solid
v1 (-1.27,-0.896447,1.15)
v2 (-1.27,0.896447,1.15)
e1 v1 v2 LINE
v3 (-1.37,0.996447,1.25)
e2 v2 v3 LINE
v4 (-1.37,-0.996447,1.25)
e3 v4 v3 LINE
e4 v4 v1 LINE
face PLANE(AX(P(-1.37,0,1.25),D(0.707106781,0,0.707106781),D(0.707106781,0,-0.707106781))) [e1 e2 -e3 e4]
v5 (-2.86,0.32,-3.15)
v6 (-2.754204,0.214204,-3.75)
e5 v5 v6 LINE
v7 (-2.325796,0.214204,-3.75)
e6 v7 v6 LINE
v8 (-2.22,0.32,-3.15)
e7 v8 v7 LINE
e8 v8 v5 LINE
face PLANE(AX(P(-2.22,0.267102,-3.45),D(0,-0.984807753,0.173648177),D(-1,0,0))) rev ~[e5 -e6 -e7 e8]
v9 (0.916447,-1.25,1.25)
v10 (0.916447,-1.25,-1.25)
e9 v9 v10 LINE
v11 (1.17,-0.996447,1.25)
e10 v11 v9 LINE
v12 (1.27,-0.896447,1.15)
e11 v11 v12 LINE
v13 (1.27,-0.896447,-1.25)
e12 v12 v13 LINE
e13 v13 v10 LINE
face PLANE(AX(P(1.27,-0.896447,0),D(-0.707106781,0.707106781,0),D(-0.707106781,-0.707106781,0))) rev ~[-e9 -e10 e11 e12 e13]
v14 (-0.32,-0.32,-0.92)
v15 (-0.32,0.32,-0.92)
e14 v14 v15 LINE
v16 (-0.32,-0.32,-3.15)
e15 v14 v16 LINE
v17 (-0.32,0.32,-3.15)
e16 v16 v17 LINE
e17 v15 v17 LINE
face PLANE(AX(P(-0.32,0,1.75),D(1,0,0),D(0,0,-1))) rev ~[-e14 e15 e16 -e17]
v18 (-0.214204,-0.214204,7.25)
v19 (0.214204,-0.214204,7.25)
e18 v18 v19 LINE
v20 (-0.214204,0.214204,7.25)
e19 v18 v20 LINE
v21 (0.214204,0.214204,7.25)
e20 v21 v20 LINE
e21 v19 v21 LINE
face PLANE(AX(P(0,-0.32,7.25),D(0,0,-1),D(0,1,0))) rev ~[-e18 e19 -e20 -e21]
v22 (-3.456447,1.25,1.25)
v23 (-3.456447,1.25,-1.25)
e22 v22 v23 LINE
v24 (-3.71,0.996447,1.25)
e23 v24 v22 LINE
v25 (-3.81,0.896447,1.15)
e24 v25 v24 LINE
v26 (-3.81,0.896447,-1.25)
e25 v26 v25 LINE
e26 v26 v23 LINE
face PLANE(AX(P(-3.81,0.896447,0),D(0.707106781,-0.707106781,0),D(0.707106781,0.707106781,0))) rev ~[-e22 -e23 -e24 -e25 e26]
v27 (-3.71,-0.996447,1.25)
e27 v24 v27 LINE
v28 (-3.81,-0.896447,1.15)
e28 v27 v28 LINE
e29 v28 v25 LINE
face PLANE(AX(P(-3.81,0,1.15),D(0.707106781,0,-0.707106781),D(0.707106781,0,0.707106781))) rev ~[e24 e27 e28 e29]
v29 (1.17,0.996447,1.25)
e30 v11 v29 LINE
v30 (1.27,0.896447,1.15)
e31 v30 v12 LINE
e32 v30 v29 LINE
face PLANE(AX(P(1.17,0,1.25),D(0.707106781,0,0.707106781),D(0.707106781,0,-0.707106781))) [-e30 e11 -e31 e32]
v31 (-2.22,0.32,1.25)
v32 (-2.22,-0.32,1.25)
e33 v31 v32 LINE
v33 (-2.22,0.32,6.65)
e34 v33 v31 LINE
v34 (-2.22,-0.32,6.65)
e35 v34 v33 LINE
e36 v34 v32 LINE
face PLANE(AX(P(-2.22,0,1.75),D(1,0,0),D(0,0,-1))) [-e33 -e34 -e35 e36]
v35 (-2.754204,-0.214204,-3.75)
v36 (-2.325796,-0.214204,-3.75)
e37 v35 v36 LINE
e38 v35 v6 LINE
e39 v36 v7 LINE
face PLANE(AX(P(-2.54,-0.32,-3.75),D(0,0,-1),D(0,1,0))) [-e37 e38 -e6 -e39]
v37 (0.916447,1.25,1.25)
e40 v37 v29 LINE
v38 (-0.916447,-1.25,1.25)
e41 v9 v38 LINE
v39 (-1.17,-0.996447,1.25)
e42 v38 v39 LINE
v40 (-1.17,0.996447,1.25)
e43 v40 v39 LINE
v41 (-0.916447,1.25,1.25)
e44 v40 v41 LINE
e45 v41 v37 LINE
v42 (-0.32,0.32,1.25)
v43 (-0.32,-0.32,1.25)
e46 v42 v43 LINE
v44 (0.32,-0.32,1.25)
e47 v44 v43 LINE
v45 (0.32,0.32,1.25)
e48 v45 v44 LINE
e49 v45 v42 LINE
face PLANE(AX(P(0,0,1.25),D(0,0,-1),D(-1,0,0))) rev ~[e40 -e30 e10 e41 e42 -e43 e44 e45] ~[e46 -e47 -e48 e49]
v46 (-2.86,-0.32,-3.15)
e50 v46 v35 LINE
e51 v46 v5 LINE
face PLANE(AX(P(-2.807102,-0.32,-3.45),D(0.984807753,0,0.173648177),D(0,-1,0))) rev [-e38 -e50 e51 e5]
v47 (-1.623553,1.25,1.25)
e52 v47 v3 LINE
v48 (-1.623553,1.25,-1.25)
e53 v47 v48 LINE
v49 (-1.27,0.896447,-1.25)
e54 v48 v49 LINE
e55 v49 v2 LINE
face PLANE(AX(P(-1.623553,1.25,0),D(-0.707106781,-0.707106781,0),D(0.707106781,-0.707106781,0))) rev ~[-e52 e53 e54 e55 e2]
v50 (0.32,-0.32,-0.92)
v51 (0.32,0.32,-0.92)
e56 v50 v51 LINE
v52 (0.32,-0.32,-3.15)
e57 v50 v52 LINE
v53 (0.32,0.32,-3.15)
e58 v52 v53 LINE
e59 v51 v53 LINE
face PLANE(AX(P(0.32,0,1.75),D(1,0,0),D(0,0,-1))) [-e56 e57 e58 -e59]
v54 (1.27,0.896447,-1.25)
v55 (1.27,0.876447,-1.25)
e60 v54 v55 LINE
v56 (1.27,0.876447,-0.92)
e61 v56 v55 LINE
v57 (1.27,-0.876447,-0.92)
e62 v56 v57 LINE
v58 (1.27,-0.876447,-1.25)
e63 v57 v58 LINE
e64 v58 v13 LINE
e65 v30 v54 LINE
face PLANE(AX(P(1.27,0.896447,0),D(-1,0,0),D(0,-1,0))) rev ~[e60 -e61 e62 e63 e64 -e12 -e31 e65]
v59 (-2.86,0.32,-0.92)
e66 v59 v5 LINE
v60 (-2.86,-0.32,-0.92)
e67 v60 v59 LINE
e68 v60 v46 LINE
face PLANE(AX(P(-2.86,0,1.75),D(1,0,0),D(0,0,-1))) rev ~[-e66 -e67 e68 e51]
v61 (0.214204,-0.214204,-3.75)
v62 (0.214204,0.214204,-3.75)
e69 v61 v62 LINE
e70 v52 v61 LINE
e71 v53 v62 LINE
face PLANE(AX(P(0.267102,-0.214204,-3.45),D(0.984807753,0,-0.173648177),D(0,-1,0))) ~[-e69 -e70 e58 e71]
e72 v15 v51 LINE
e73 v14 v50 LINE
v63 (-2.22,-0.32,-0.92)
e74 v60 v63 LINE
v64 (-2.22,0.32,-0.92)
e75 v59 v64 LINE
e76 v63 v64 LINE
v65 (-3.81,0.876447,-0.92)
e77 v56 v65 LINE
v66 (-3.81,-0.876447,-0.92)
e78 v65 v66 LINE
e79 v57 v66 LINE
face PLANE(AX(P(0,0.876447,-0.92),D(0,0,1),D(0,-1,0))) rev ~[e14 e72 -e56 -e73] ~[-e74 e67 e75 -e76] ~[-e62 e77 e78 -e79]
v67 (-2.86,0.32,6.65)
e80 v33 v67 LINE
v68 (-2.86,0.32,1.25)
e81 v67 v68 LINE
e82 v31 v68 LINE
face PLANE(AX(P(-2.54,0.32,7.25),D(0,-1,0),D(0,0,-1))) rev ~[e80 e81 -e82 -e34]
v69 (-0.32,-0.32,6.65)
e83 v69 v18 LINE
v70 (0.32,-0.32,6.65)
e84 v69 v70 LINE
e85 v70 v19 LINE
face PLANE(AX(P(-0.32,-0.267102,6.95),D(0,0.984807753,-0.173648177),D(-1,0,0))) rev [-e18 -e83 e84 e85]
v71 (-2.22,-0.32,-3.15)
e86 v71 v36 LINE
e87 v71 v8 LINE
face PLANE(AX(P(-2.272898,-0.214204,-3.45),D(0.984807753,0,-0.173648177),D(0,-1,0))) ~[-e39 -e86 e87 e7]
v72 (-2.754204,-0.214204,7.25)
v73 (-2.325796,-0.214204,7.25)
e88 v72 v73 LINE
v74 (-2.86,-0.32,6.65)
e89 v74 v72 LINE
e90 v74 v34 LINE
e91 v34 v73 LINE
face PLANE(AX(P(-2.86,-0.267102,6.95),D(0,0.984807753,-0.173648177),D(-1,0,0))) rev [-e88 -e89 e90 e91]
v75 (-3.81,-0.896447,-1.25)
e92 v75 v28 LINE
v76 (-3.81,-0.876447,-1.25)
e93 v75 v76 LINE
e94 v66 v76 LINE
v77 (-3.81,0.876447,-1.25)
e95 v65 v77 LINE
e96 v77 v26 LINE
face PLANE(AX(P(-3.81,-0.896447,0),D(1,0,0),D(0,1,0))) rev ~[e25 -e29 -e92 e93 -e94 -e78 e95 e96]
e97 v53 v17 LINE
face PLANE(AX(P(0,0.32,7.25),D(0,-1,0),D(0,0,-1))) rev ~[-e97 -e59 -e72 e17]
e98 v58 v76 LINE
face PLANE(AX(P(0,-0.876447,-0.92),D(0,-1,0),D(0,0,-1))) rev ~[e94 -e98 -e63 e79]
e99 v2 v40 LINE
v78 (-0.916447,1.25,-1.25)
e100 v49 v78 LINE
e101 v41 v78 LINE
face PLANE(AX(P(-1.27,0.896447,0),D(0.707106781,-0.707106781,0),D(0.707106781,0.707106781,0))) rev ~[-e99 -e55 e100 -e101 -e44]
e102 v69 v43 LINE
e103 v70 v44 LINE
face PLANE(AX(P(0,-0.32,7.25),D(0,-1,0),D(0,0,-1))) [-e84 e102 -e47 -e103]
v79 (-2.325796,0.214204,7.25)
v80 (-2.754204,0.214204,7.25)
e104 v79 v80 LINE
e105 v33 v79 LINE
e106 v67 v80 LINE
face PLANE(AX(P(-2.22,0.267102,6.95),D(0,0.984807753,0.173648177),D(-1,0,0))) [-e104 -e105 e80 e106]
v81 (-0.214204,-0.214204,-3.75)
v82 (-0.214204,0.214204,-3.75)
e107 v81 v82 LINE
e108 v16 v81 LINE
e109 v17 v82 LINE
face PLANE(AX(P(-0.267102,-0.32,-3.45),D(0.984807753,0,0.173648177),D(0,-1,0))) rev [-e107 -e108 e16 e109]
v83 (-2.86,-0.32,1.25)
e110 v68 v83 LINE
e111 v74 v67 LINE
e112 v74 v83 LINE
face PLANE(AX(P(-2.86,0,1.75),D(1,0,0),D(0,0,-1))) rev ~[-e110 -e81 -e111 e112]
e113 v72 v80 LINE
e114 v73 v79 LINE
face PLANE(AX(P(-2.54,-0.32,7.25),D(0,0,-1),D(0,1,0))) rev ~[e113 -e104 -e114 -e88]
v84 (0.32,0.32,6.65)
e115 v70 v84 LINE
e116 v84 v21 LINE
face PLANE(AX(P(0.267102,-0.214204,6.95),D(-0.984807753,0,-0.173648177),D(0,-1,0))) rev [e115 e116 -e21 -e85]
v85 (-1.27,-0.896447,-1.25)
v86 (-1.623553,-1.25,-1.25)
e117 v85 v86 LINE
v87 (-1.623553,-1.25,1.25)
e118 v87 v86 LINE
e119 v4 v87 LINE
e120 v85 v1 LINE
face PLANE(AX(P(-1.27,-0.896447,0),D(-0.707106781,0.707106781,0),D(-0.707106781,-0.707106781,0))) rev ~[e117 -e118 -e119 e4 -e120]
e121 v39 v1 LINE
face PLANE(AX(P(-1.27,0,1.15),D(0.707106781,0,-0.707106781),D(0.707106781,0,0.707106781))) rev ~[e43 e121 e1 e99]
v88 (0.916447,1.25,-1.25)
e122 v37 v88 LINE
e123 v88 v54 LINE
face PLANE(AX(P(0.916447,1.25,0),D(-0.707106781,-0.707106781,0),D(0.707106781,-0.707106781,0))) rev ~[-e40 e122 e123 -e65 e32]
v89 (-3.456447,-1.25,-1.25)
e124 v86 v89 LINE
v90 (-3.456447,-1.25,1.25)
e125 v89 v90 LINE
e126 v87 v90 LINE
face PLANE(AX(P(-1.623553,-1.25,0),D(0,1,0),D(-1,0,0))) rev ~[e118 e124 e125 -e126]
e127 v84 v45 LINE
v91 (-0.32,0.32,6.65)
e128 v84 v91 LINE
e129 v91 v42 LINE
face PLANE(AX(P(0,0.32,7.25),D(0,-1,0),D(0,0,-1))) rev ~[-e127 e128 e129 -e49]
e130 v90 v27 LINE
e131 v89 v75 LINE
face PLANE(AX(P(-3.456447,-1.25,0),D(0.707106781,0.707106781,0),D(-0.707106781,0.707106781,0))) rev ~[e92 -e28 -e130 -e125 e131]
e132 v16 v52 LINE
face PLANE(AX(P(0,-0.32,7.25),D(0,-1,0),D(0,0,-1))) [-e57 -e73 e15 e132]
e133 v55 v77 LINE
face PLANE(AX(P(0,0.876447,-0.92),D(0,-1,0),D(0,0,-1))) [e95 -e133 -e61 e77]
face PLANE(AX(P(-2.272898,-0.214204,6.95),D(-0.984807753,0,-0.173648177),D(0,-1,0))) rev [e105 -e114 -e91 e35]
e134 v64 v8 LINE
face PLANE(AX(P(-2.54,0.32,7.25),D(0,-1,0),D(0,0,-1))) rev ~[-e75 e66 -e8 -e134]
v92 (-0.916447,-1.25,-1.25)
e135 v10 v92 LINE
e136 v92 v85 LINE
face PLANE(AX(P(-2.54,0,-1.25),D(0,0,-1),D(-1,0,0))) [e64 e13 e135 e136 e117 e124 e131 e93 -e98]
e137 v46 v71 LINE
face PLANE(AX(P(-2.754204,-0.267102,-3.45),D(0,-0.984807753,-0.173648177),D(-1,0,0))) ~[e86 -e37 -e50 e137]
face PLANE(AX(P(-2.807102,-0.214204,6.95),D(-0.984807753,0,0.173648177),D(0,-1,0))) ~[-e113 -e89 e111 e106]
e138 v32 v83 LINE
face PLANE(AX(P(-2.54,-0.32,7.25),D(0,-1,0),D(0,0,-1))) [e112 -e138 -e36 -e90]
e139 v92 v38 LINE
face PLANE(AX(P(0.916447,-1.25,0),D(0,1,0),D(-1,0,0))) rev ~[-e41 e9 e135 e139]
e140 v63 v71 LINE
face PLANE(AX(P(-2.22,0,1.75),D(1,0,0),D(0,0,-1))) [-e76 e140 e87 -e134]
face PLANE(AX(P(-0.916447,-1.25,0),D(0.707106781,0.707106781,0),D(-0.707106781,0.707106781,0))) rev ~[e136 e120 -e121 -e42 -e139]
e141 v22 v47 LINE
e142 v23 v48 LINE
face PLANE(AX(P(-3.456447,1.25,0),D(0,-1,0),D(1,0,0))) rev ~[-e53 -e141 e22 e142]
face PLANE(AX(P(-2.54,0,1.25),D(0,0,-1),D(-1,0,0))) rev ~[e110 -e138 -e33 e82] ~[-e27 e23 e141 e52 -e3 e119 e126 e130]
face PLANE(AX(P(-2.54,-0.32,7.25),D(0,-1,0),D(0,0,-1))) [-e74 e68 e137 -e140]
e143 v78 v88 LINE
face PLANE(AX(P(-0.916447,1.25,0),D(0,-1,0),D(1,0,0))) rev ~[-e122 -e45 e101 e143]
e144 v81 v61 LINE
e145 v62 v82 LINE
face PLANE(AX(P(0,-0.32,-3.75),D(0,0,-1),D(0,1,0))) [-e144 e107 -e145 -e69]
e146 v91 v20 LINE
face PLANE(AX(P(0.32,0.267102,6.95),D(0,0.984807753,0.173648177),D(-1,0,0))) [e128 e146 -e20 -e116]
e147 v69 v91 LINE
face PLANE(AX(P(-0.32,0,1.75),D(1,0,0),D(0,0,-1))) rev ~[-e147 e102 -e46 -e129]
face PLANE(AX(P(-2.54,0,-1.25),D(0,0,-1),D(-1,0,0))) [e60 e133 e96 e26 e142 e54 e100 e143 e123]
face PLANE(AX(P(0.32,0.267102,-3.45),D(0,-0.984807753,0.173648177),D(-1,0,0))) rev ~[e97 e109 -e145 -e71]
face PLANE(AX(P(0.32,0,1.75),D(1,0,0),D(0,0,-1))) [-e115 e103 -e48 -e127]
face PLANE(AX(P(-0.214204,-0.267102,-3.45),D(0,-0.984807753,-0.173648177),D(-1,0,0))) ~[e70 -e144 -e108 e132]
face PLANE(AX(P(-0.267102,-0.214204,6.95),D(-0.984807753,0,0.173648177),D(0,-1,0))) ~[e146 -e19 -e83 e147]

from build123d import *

# Parameters (mm, degrees)
EXTRUDE1_DEPTH          = 1.25
CUT_EXTRUDE3_DEPTH      = 2.25
LPATTERN4_COUNT         = 2
LPATTERN4_PITCH         = 2.54
SKETCH2_W               = 1.752893218
SKETCH2_H               = 0.33
CUT_EXTRUDE1_DEPTH      = 2.27
CUT_EXTRUDE1_DEPTH_BACK = 4.81
SKETCH3_W               = 11
SKETCH3_H               = 0.64
EXTRUDE_THIN1_DEPTH     = 0.32
LPATTERN5_COUNT         = 2
LPATTERN5_PITCH         = 2.54
CHAMFER2_SIZE           = 0.6
CHAMFER2_SIZE2          = 0.105796188
CHAMFER2_PART_2_SIZE    = 0.6
CHAMFER2_PART_2_SIZE2   = 0.105796188
CHAMFER2_PART_3_SIZE    = 0.6
CHAMFER2_PART_3_SIZE2   = 0.105796188
CHAMFER2_PART_4_SIZE    = 0.6
CHAMFER2_PART_4_SIZE2   = 0.105796188
CHAMFER2_PART_5_SIZE    = 0.6
CHAMFER2_PART_5_SIZE2   = 0.105796188
CHAMFER2_PART_6_SIZE    = 0.6
CHAMFER2_PART_6_SIZE2   = 0.105796188
CHAMFER2_PART_7_SIZE    = 0.6
CHAMFER2_PART_7_SIZE2   = 0.105796188
CHAMFER2_PART_8_SIZE    = 0.6
CHAMFER2_PART_8_SIZE2   = 0.105796188
CHAMFER2_PART_9_SIZE    = 0.6
CHAMFER2_PART_9_SIZE2   = 0.105796188
CHAMFER2_PART_10_SIZE   = 0.6
CHAMFER2_PART_10_SIZE2  = 0.105796188
CHAMFER2_PART_11_SIZE   = 0.6
CHAMFER2_PART_11_SIZE2  = 0.105796188
CHAMFER2_PART_12_SIZE   = 0.6
CHAMFER2_PART_12_SIZE2  = 0.105796188
CHAMFER2_PART_13_SIZE   = 0.6
CHAMFER2_PART_13_SIZE2  = 0.105796188
CHAMFER2_PART_14_SIZE   = 0.6
CHAMFER2_PART_14_SIZE2  = 0.105796188
CHAMFER2_PART_15_SIZE   = 0.6
CHAMFER2_PART_15_SIZE2  = 0.105796188
CHAMFER2_PART_16_SIZE   = 0.6
CHAMFER2_PART_16_SIZE2  = 0.105796188


with BuildPart() as part:
    # Sketch1 → Extrude1 (new body, symmetric)
    with BuildSketch(Plane.XY):
        Polygon((-1.27, 0.896446609), (-0.916446609, 1.25), (0.916446609, 1.25), (1.27, 0.896446609), (1.27, -0.896446609), (0.916446609, -1.25), (-0.916446609, -1.25), (-1.27, -0.896446609), align=None)
    extrude1 = extrude(amount=EXTRUDE1_DEPTH, both=True)

    # Sketch4 → Cut-Extrude3 (cut, symmetric)
    with BuildSketch(Plane(origin=(0, 0, 0), x_dir=(1, 0, 0), z_dir=(0, 1, 0))):
        Polygon((-1.27, -1.15), (-1.17, -1.25), (-1.27, -1.25), align=None)
        Polygon((1.17, -1.25), (1.27, -1.15), (1.27, -1.25), align=None)
    cut_extrude3 = extrude(amount=CUT_EXTRUDE3_DEPTH, both=True, mode=Mode.SUBTRACT)

    # LPattern4: Extrude1, Cut-Extrude3 ×2
    with Locations(*[(-i * LPATTERN4_PITCH, 0, 0) for i in range(1, LPATTERN4_COUNT)]):
        add(extrude1)
        add(cut_extrude3, mode=Mode.SUBTRACT)

    # Sketch2 → Cut-Extrude1 (cut, two sides)
    with BuildSketch(Plane(origin=(0, 0, 0), x_dir=(0, -1, 0), z_dir=(1, 0, 0))) as cut_extrude1_sk:
        with Locations((0, 1.085)):
            Rectangle(SKETCH2_W, SKETCH2_H)
    extrude(amount=CUT_EXTRUDE1_DEPTH, mode=Mode.SUBTRACT)
    extrude(cut_extrude1_sk.sketch, amount=-CUT_EXTRUDE1_DEPTH_BACK, mode=Mode.SUBTRACT)

    # Sketch3 → Extrude-Thin1 (add, symmetric)
    with BuildSketch(Plane(origin=(0, 0, 0), x_dir=(0, 0, -1), z_dir=(1, 0, 0))):
        with Locations((-1.75, 0)):
            Rectangle(SKETCH3_W, SKETCH3_H)
    extrude_thin1 = extrude(amount=EXTRUDE_THIN1_DEPTH, both=True)

    # LPattern5: Extrude-Thin1 ×2
    with Locations(*[(-i * LPATTERN5_PITCH, 0, 0) for i in range(1, LPATTERN5_COUNT)]):
        add(extrude_thin1)

    # Chamfer2
    chamfer2_edges = [part.edges().sort_by_distance(p)[0] for p in [
        (0, -0.32, 7.25),
    ]]
    chamfer2_side = [part.faces().sort_by_distance(p)[0] for p in [
        (0, -0.32, 4.25),
    ]]
    chamfer(chamfer2_edges, length=CHAMFER2_SIZE, length2=CHAMFER2_SIZE2, reference=chamfer2_side[0])

    # Chamfer2 part 2
    chamfer2_part_2_edges = [part.edges().sort_by_distance(p)[0] for p in [
        (0, 0.32, -3.75),
    ]]
    chamfer2_part_2_side = [part.faces().sort_by_distance(p)[0] for p in [
        (0, 0.32, -2.335),
    ]]
    chamfer(chamfer2_part_2_edges, length=CHAMFER2_PART_2_SIZE, length2=CHAMFER2_PART_2_SIZE2, reference=chamfer2_part_2_side[0])

    # Chamfer2 part 3
    chamfer2_part_3_edges = [part.edges().sort_by_distance(p)[0] for p in [
        (-0.32, 0, 7.25),
    ]]
    chamfer2_part_3_side = [part.faces().sort_by_distance(p)[0] for p in [
        (-0.32, 0, 4.25),
    ]]
    chamfer(chamfer2_part_3_edges, length=CHAMFER2_PART_3_SIZE, length2=CHAMFER2_PART_3_SIZE2, reference=chamfer2_part_3_side[0])

    # Chamfer2 part 4
    chamfer2_part_4_edges = [part.edges().sort_by_distance(p)[0] for p in [
        (-0.32, 0, -3.75),
    ]]
    chamfer2_part_4_side = [part.faces().sort_by_distance(p)[0] for p in [
        (-0.32, 0, -2.335),
    ]]
    chamfer(chamfer2_part_4_edges, length=CHAMFER2_PART_4_SIZE, length2=CHAMFER2_PART_4_SIZE2, reference=chamfer2_part_4_side[0])

    # Chamfer2 part 5
    chamfer2_part_5_edges = [part.edges().sort_by_distance(p)[0] for p in [
        (0, -0.32, -3.75),
    ]]
    chamfer2_part_5_side = [part.faces().sort_by_distance(p)[0] for p in [
        (0, -0.32, -2.335),
    ]]
    chamfer(chamfer2_part_5_edges, length=CHAMFER2_PART_5_SIZE, length2=CHAMFER2_PART_5_SIZE2, reference=chamfer2_part_5_side[0])

    # Chamfer2 part 6
    chamfer2_part_6_edges = [part.edges().sort_by_distance(p)[0] for p in [
        (0.32, 0, -3.75),
    ]]
    chamfer2_part_6_side = [part.faces().sort_by_distance(p)[0] for p in [
        (0.32, 0, -2.335),
    ]]
    chamfer(chamfer2_part_6_edges, length=CHAMFER2_PART_6_SIZE, length2=CHAMFER2_PART_6_SIZE2, reference=chamfer2_part_6_side[0])

    # Chamfer2 part 7
    chamfer2_part_7_edges = [part.edges().sort_by_distance(p)[0] for p in [
        (0, 0.32, 7.25),
    ]]
    chamfer2_part_7_side = [part.faces().sort_by_distance(p)[0] for p in [
        (0, 0.32, 4.25),
    ]]
    chamfer(chamfer2_part_7_edges, length=CHAMFER2_PART_7_SIZE, length2=CHAMFER2_PART_7_SIZE2, reference=chamfer2_part_7_side[0])

    # Chamfer2 part 8
    chamfer2_part_8_edges = [part.edges().sort_by_distance(p)[0] for p in [
        (0.32, 0, 7.25),
    ]]
    chamfer2_part_8_side = [part.faces().sort_by_distance(p)[0] for p in [
        (0.32, 0, 4.25),
    ]]
    chamfer(chamfer2_part_8_edges, length=CHAMFER2_PART_8_SIZE, length2=CHAMFER2_PART_8_SIZE2, reference=chamfer2_part_8_side[0])

    # Chamfer2 part 9
    chamfer2_part_9_edges = [part.edges().sort_by_distance(p)[0] for p in [
        (-2.54, -0.32, 7.25),
    ]]
    chamfer2_part_9_side = [part.faces().sort_by_distance(p)[0] for p in [
        (-2.54, -0.32, 4.25),
    ]]
    chamfer(chamfer2_part_9_edges, length=CHAMFER2_PART_9_SIZE, length2=CHAMFER2_PART_9_SIZE2, reference=chamfer2_part_9_side[0])

    # Chamfer2 part 10
    chamfer2_part_10_edges = [part.edges().sort_by_distance(p)[0] for p in [
        (-2.54, 0.32, -3.75),
    ]]
    chamfer2_part_10_side = [part.faces().sort_by_distance(p)[0] for p in [
        (-2.54, 0.32, -2.335),
    ]]
    chamfer(chamfer2_part_10_edges, length=CHAMFER2_PART_10_SIZE, length2=CHAMFER2_PART_10_SIZE2, reference=chamfer2_part_10_side[0])

    # Chamfer2 part 11
    chamfer2_part_11_edges = [part.edges().sort_by_distance(p)[0] for p in [
        (-2.86, 0, -3.75),
    ]]
    chamfer2_part_11_side = [part.faces().sort_by_distance(p)[0] for p in [
        (-2.86, 0, -2.335),
    ]]
    chamfer(chamfer2_part_11_edges, length=CHAMFER2_PART_11_SIZE, length2=CHAMFER2_PART_11_SIZE2, reference=chamfer2_part_11_side[0])

    # Chamfer2 part 12
    chamfer2_part_12_edges = [part.edges().sort_by_distance(p)[0] for p in [
        (-2.86, 0, 7.25),
    ]]
    chamfer2_part_12_side = [part.faces().sort_by_distance(p)[0] for p in [
        (-2.86, 0, 4.25),
    ]]
    chamfer(chamfer2_part_12_edges, length=CHAMFER2_PART_12_SIZE, length2=CHAMFER2_PART_12_SIZE2, reference=chamfer2_part_12_side[0])

    # Chamfer2 part 13
    chamfer2_part_13_edges = [part.edges().sort_by_distance(p)[0] for p in [
        (-2.54, -0.32, -3.75),
    ]]
    chamfer2_part_13_side = [part.faces().sort_by_distance(p)[0] for p in [
        (-2.54, -0.32, -2.335),
    ]]
    chamfer(chamfer2_part_13_edges, length=CHAMFER2_PART_13_SIZE, length2=CHAMFER2_PART_13_SIZE2, reference=chamfer2_part_13_side[0])

    # Chamfer2 part 14
    chamfer2_part_14_edges = [part.edges().sort_by_distance(p)[0] for p in [
        (-2.22, 0, -3.75),
    ]]
    chamfer2_part_14_side = [part.faces().sort_by_distance(p)[0] for p in [
        (-2.22, 0, -2.335),
    ]]
    chamfer(chamfer2_part_14_edges, length=CHAMFER2_PART_14_SIZE, length2=CHAMFER2_PART_14_SIZE2, reference=chamfer2_part_14_side[0])

    # Chamfer2 part 15
    chamfer2_part_15_edges = [part.edges().sort_by_distance(p)[0] for p in [
        (-2.54, 0.32, 7.25),
    ]]
    chamfer2_part_15_side = [part.faces().sort_by_distance(p)[0] for p in [
        (-2.54, 0.32, 4.25),
    ]]
    chamfer(chamfer2_part_15_edges, length=CHAMFER2_PART_15_SIZE, length2=CHAMFER2_PART_15_SIZE2, reference=chamfer2_part_15_side[0])

    # Chamfer2 part 16
    chamfer2_part_16_edges = [part.edges().sort_by_distance(p)[0] for p in [
        (-2.22, 0, 7.25),
    ]]
    chamfer2_part_16_side = [part.faces().sort_by_distance(p)[0] for p in [
        (-2.22, 0, 4.25),
    ]]
    chamfer(chamfer2_part_16_edges, length=CHAMFER2_PART_16_SIZE, length2=CHAMFER2_PART_16_SIZE2, reference=chamfer2_part_16_side[0])


solid = part.part
